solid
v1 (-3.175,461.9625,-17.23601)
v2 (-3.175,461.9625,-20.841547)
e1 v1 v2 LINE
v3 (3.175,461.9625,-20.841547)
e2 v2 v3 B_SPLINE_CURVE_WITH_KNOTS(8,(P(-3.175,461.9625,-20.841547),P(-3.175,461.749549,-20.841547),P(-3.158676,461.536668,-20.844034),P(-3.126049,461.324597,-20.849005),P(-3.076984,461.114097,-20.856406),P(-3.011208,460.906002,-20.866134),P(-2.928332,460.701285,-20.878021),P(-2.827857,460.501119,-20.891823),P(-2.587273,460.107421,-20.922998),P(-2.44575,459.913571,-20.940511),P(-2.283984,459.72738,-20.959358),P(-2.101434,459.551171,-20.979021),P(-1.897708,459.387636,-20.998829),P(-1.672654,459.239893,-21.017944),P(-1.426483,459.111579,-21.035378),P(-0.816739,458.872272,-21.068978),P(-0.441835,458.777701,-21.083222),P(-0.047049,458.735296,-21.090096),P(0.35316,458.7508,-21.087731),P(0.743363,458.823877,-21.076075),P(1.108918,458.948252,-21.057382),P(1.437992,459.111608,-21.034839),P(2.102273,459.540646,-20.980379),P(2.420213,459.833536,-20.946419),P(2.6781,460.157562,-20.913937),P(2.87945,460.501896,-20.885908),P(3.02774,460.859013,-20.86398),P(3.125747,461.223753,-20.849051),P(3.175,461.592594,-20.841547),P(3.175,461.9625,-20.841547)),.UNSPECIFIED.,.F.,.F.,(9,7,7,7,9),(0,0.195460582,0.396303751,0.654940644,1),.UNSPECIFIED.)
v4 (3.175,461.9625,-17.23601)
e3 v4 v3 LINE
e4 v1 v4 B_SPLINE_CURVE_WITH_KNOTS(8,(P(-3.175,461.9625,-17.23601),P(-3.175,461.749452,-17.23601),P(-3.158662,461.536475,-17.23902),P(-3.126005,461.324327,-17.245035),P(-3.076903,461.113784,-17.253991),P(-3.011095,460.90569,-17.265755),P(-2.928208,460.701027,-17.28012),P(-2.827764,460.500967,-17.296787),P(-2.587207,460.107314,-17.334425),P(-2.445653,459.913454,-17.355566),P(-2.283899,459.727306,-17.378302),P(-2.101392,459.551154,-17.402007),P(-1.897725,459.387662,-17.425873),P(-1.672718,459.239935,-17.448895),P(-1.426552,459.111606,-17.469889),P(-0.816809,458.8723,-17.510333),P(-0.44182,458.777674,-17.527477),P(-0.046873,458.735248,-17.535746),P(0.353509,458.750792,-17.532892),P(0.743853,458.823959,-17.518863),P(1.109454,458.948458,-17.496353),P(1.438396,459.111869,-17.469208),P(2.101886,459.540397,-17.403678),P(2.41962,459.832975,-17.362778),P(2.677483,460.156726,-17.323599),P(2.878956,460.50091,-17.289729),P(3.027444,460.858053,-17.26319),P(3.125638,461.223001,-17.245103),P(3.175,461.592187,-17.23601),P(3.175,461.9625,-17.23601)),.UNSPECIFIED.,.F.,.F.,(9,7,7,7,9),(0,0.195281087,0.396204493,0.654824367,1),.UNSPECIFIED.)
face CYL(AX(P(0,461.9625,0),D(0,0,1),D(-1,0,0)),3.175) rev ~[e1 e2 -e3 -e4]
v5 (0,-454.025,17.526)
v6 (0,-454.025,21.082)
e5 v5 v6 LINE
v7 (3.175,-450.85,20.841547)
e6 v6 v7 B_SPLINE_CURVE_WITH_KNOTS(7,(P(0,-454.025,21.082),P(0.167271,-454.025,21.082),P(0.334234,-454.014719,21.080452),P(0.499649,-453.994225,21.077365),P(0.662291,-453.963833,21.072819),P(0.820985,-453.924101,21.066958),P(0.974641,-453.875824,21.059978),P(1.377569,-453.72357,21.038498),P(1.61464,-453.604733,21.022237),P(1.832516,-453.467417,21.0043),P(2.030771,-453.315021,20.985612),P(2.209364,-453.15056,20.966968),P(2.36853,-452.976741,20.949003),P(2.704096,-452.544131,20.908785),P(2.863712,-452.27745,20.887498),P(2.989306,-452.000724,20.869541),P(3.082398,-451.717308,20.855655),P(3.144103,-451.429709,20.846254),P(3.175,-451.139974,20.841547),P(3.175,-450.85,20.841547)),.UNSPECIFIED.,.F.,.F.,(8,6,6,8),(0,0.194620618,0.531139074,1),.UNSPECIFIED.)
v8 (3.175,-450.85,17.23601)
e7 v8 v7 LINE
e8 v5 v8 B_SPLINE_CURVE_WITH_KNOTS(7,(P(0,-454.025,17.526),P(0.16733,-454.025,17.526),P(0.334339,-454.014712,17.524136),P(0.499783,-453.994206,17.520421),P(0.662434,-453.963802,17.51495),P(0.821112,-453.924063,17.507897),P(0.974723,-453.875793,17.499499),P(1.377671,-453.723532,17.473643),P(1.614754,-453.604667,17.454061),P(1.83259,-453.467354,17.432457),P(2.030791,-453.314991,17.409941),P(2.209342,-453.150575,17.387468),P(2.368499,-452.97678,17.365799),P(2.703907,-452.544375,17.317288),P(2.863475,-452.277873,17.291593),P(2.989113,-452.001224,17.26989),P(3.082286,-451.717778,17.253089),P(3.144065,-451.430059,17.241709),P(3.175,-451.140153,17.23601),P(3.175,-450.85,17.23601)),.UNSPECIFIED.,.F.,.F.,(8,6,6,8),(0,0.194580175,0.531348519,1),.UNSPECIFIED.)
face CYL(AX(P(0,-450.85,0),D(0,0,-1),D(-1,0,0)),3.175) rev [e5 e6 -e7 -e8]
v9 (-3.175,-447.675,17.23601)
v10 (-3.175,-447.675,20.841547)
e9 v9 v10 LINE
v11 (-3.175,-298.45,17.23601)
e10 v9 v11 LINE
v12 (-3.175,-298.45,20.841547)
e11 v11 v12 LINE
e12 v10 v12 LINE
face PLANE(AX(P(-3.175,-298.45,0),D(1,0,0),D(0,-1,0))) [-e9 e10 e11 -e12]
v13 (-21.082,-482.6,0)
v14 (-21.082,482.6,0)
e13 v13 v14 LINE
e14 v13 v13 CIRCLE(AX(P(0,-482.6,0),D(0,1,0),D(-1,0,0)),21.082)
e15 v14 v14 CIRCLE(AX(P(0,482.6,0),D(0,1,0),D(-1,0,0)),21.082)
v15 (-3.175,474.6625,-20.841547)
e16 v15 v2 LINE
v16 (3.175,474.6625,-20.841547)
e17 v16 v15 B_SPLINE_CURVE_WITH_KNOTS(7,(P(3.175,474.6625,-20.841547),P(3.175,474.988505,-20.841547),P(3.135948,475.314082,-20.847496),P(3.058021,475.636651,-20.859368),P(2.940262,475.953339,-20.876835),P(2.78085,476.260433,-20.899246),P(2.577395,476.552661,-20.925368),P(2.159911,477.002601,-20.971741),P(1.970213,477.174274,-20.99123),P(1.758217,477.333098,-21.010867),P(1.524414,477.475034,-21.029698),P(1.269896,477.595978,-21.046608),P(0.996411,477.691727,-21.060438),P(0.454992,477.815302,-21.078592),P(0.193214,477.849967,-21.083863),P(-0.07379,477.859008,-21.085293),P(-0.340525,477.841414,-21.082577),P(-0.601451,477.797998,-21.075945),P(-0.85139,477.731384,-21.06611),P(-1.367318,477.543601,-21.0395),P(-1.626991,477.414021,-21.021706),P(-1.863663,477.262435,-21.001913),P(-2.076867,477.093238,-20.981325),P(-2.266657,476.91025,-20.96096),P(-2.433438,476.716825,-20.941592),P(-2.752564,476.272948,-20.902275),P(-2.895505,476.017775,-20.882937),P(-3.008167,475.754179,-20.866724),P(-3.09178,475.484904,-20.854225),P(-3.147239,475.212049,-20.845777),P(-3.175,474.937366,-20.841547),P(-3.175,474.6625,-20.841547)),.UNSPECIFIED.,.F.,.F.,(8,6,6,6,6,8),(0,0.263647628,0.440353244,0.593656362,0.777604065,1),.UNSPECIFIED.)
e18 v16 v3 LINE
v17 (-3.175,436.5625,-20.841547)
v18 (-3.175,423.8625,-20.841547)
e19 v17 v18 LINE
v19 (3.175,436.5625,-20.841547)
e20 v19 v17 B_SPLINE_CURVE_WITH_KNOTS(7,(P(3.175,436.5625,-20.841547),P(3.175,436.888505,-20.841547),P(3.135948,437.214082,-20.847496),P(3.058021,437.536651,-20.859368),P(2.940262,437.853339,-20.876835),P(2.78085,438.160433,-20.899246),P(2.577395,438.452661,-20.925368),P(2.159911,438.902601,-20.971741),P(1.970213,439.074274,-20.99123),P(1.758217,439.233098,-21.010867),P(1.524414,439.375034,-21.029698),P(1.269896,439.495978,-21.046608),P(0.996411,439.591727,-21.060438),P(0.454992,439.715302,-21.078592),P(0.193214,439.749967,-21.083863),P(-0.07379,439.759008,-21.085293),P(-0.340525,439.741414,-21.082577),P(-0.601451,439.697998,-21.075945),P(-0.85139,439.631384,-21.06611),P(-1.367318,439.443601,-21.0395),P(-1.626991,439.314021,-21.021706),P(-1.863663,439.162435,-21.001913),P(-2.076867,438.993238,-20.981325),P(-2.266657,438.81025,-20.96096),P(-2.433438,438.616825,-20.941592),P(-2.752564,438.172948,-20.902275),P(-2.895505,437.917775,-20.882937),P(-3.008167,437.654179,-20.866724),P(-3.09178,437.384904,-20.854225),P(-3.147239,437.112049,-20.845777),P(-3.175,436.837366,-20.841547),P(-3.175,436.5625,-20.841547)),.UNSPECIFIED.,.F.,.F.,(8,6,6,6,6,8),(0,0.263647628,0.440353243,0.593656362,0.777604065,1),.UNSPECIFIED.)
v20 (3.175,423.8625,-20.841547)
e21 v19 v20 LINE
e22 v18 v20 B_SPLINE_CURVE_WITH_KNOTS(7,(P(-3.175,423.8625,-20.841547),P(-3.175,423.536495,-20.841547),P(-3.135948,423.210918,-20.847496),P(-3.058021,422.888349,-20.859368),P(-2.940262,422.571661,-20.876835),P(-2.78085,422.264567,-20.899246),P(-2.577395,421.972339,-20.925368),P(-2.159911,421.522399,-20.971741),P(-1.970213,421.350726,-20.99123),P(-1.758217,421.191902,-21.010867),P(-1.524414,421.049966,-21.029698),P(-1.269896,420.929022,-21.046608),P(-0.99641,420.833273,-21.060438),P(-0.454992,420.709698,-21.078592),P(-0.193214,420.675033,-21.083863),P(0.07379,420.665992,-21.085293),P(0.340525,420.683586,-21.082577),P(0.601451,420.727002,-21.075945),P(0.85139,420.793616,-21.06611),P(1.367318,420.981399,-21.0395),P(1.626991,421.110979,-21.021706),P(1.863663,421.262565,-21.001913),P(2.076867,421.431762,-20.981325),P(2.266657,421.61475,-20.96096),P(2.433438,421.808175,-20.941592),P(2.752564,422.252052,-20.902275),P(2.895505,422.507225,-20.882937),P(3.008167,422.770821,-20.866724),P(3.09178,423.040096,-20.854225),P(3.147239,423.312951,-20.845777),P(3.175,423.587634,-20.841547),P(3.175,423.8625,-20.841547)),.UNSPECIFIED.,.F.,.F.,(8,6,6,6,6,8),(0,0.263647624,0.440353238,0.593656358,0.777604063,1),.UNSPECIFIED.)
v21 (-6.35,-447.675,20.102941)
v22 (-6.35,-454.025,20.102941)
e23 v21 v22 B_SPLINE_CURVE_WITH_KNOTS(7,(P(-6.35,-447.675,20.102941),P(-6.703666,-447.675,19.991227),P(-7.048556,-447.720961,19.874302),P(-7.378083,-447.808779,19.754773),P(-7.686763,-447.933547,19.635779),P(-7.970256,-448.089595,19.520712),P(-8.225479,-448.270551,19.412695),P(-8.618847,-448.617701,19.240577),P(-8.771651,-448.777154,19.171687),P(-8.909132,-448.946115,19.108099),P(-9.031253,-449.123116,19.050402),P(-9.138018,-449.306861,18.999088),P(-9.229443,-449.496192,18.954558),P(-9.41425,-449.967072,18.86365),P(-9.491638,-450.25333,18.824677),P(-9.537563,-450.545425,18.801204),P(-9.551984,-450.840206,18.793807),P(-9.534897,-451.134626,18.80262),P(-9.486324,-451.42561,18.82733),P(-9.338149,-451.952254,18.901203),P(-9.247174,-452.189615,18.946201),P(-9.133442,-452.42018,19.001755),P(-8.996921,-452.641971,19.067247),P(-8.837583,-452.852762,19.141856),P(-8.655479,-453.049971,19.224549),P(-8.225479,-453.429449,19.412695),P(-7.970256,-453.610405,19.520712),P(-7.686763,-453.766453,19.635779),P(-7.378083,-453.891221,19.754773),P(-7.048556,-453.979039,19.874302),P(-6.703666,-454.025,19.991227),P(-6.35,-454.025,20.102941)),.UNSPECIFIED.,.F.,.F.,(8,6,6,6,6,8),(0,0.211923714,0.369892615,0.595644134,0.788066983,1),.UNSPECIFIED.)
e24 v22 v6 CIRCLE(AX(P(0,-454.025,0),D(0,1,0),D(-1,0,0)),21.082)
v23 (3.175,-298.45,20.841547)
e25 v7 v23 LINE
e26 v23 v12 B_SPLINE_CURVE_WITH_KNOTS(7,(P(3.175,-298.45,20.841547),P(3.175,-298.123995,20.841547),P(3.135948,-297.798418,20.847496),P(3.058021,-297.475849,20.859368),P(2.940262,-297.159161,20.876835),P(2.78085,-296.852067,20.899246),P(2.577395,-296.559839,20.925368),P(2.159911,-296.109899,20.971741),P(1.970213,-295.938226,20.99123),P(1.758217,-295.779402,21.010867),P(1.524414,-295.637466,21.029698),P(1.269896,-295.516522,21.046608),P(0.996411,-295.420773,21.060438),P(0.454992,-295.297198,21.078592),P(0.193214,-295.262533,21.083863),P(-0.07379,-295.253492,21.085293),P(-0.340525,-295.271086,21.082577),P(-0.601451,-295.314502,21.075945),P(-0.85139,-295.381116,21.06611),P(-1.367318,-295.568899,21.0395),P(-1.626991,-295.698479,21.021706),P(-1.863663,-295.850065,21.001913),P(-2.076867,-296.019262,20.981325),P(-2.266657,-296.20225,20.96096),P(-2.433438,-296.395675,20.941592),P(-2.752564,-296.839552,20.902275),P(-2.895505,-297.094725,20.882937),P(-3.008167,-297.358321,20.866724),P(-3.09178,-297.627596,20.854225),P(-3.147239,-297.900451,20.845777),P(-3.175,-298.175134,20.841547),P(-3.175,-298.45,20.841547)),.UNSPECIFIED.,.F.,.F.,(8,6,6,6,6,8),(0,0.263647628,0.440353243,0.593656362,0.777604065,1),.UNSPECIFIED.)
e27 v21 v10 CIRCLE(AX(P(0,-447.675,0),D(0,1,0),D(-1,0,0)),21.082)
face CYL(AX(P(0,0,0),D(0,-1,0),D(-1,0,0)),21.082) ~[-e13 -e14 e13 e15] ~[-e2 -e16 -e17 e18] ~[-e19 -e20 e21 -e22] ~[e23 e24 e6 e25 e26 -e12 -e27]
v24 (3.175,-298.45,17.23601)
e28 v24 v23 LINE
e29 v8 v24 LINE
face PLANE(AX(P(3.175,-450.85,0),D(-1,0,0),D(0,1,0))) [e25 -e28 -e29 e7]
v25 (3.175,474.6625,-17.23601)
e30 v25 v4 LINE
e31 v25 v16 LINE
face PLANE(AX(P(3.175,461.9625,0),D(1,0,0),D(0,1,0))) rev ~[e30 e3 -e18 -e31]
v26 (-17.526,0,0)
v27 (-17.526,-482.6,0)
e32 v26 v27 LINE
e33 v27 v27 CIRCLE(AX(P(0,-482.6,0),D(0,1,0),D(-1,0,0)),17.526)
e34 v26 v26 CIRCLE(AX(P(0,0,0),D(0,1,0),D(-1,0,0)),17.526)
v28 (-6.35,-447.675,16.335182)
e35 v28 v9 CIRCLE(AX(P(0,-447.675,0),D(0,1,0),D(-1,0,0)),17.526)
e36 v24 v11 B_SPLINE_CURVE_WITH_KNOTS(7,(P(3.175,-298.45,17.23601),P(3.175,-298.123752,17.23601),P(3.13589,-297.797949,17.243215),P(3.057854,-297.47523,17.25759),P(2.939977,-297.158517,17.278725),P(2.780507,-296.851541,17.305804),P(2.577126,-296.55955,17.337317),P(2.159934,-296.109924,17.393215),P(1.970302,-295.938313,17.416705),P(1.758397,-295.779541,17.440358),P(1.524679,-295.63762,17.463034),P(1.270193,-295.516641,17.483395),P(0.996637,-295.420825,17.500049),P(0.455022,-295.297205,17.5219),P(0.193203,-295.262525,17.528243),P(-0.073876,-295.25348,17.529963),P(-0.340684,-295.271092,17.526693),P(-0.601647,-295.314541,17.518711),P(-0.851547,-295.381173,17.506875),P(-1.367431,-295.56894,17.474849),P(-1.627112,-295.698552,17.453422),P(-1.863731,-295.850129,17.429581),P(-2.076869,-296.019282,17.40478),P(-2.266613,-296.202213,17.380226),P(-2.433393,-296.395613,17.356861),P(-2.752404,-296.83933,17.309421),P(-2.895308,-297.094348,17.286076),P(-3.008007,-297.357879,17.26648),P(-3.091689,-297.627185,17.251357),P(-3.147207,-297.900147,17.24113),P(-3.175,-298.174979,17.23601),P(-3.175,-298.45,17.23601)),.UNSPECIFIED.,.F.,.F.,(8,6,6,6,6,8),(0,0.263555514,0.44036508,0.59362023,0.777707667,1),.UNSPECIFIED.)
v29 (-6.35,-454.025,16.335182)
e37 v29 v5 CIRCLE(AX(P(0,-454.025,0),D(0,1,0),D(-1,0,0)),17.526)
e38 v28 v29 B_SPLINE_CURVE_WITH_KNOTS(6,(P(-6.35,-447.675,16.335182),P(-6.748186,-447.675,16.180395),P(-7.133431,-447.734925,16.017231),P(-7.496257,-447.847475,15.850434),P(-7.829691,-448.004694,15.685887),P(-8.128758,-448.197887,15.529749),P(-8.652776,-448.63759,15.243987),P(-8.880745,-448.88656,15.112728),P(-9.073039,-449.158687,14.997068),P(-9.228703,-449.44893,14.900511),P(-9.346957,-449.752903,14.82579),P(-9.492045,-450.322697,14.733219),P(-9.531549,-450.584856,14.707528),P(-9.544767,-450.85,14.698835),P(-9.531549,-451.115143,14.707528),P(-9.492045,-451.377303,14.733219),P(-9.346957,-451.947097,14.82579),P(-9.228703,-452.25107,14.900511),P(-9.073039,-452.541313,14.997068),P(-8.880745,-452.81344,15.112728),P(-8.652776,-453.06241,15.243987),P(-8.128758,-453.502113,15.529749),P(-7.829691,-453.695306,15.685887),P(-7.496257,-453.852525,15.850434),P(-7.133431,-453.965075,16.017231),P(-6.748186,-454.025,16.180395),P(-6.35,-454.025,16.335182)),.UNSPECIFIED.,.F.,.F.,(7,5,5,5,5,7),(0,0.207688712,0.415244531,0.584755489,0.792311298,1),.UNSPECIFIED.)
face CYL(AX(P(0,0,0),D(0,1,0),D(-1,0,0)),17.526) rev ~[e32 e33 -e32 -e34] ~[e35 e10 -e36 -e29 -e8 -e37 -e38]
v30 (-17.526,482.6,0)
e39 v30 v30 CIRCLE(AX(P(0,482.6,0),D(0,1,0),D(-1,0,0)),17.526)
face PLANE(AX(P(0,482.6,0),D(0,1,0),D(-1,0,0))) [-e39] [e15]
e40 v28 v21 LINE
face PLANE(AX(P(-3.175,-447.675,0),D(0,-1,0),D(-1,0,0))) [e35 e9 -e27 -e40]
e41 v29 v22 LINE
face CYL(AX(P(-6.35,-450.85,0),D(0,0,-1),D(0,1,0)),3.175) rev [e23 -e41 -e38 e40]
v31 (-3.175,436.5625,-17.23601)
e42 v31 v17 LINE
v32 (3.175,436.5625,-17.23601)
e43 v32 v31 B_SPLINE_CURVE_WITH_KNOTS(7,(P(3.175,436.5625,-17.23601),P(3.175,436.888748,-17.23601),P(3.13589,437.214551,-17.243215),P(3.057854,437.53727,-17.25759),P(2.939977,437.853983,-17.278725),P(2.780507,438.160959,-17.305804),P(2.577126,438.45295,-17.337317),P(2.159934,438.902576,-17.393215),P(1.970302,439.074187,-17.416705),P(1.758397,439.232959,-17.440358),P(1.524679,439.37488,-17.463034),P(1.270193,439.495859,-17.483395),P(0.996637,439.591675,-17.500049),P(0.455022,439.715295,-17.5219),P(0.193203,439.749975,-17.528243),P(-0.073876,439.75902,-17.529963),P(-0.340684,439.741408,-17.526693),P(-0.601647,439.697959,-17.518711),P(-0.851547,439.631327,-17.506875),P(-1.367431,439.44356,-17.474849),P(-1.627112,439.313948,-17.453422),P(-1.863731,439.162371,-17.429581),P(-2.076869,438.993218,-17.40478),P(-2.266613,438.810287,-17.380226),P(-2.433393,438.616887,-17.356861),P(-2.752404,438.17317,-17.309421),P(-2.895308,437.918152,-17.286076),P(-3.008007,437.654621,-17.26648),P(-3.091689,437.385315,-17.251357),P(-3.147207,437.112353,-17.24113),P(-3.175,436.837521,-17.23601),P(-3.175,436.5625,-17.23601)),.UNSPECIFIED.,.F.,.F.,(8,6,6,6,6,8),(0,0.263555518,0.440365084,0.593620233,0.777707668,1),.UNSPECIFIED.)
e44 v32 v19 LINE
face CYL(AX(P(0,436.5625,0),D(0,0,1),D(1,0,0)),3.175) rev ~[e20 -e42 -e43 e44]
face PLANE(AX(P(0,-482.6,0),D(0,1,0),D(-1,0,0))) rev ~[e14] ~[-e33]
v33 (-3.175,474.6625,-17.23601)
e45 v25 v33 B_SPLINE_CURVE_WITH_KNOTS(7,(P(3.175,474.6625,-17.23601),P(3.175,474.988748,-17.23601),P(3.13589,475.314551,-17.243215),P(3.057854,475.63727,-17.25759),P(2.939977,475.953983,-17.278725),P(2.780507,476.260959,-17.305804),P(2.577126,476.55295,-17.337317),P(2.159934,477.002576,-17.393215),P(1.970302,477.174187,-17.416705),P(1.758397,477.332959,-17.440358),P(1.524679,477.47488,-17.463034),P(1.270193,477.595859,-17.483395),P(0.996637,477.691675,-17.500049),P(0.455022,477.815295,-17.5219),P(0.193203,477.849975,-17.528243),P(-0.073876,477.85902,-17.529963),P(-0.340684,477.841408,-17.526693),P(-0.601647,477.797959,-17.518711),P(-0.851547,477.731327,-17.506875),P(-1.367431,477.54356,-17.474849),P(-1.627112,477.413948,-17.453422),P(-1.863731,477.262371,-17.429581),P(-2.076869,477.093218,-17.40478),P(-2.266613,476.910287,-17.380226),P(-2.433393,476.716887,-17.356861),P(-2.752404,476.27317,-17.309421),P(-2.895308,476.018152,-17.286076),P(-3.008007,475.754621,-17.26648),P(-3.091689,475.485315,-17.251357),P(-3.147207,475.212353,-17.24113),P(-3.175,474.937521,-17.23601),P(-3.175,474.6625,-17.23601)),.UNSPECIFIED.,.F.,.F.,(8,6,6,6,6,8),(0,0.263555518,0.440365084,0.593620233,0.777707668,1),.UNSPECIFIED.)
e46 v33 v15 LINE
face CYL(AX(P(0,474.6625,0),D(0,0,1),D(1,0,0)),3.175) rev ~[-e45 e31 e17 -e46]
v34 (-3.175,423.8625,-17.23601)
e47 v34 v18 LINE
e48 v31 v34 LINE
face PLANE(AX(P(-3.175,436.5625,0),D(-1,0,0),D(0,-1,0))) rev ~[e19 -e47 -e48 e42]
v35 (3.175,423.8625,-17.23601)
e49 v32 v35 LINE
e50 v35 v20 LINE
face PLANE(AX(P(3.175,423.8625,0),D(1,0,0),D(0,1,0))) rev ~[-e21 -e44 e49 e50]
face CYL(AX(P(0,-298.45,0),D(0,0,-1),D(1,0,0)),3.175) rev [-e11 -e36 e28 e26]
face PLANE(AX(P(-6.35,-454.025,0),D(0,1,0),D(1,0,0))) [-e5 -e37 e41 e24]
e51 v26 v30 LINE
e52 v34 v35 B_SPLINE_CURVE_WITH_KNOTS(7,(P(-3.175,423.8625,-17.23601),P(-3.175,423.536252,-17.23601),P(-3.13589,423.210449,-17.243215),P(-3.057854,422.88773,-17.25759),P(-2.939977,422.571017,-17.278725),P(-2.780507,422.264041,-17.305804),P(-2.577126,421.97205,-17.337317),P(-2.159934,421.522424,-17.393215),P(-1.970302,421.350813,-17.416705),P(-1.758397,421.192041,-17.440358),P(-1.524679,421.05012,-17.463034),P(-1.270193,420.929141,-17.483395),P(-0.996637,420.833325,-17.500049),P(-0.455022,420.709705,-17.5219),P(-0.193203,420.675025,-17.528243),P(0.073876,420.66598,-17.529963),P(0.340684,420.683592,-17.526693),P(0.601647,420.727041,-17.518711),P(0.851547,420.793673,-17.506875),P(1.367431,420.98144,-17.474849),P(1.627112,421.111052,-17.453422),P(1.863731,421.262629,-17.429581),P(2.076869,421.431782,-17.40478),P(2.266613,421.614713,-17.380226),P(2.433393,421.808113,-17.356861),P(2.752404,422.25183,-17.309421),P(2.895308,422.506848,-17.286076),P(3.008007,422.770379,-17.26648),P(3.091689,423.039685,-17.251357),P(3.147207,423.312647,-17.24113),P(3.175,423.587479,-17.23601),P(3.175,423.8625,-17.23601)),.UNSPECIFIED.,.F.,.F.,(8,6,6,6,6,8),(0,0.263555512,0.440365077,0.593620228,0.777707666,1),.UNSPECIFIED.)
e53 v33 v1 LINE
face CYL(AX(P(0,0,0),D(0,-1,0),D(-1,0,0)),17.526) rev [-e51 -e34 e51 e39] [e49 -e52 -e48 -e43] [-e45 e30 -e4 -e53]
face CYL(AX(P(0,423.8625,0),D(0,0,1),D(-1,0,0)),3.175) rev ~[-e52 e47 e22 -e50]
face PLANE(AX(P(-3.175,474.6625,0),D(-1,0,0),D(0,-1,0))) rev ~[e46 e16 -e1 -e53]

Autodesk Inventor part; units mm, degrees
ref_plane "YZ Plane" through (0, 0, 0) normal (1, 0, 0) x (0, 1, 0)
ref_plane "XZ Plane" through (0, 0, 0) normal (0, 1, 0) x (-1, 0, 0)
ref_plane "XY Plane" through (0, 0, 0) normal (0, 0, 1) x (1, 0, 0)
sketch "Sketch1" plane through (0, 0, 0) normal (0, 1, 0) x (-1, 0, 0)
  circle A0 centre (0, 0) radius 21.082
  circle A1 centre (0, 0) radius 17.526
  dimension "d0" = 42.164
  dimension "d1" = 35.052
extrude "Extrusion1" add sketch "Sketch1" along normal mid plane 965.2
sketch "Sketch3" plane through (0, 0, 0) normal (0, 0, 1) x (1, 0, 0)
  line L0 (0, 474.6625) -> (0, 461.9625) construction
  line L1 (-3.175, 474.6625) -> (-3.175, 461.9625)
  line L2 (3.175, 461.9625) -> (3.175, 474.6625)
  arc A0 (3.175, 474.6625) -> (-3.175, 474.6625) centre (0, 474.6625) ccw
  arc A1 (-3.175, 461.9625) -> (3.175, 461.9625) centre (0, 461.9625) ccw
  line L3 (0, 436.5625) -> (0, 423.8625) construction
  line L4 (-3.175, 436.5625) -> (-3.175, 423.8625)
  line L5 (3.175, 423.8625) -> (3.175, 436.5625)
  arc A2 (3.175, 436.5625) -> (-3.175, 436.5625) centre (0, 436.5625) ccw
  arc A3 (-3.175, 423.8625) -> (3.175, 423.8625) centre (0, 423.8625) ccw
  line L6 (0, -298.45) -> (0, -450.85) construction
  line L7 (-3.175, -298.45) -> (-3.175, -450.85)
  line L8 (3.175, -450.85) -> (3.175, -298.45)
  arc A4 (3.175, -298.45) -> (-3.175, -298.45) centre (0, -298.45) ccw
  arc A5 (-3.175, -450.85) -> (3.175, -450.85) centre (0, -450.85) ccw
  line L9 (0, -450.85) -> (-6.35, -450.85) construction
  line L10 (0, -447.675) -> (-6.35, -447.675)
  line L11 (-6.35, -454.025) -> (0, -454.025)
  arc A6 (0, -454.025) -> (0, -447.675) centre (0, -450.85) ccw
  arc A7 (-6.35, -447.675) -> (-6.35, -454.025) centre (-6.35, -450.85) ccw
  line L12 (-21.082, -482.6) -> (21.082, -482.6) projected
  line L13 (21.082, 482.6) -> (-21.082, 482.6) projected
  point P0 (0, 468.3125)
  point P1 (0, 430.2125)
  point P2 (0, -374.65)
  point P3 (-3.175, -450.85)
  point P4 (0, -482.6)
  point P5 (-3.175, -447.675)
  dimension "d17" = 3.175
  dimension "d18" = 12.7
  dimension "d19" = 6.35
  dimension "d20" = 152.4
  dimension "d21" = 28.575
  dimension "d22" = 25.4
  dimension "d23" = 7.9375
extrude "Extrusion3" cut sketch "Sketch3" against normal through all contours A0 L2 A1 L1 | A2 L5 A3 L4
extrude "Extrusion4" cut sketch "Sketch3" along normal blind 25.4 contours A4 L8 A6 L10 L7 | L10 A6 A5 L7 | L7 A5 L11 A7 L10
properties part number "FE-120-007 Door Tube" material "Aluminum 6061"
